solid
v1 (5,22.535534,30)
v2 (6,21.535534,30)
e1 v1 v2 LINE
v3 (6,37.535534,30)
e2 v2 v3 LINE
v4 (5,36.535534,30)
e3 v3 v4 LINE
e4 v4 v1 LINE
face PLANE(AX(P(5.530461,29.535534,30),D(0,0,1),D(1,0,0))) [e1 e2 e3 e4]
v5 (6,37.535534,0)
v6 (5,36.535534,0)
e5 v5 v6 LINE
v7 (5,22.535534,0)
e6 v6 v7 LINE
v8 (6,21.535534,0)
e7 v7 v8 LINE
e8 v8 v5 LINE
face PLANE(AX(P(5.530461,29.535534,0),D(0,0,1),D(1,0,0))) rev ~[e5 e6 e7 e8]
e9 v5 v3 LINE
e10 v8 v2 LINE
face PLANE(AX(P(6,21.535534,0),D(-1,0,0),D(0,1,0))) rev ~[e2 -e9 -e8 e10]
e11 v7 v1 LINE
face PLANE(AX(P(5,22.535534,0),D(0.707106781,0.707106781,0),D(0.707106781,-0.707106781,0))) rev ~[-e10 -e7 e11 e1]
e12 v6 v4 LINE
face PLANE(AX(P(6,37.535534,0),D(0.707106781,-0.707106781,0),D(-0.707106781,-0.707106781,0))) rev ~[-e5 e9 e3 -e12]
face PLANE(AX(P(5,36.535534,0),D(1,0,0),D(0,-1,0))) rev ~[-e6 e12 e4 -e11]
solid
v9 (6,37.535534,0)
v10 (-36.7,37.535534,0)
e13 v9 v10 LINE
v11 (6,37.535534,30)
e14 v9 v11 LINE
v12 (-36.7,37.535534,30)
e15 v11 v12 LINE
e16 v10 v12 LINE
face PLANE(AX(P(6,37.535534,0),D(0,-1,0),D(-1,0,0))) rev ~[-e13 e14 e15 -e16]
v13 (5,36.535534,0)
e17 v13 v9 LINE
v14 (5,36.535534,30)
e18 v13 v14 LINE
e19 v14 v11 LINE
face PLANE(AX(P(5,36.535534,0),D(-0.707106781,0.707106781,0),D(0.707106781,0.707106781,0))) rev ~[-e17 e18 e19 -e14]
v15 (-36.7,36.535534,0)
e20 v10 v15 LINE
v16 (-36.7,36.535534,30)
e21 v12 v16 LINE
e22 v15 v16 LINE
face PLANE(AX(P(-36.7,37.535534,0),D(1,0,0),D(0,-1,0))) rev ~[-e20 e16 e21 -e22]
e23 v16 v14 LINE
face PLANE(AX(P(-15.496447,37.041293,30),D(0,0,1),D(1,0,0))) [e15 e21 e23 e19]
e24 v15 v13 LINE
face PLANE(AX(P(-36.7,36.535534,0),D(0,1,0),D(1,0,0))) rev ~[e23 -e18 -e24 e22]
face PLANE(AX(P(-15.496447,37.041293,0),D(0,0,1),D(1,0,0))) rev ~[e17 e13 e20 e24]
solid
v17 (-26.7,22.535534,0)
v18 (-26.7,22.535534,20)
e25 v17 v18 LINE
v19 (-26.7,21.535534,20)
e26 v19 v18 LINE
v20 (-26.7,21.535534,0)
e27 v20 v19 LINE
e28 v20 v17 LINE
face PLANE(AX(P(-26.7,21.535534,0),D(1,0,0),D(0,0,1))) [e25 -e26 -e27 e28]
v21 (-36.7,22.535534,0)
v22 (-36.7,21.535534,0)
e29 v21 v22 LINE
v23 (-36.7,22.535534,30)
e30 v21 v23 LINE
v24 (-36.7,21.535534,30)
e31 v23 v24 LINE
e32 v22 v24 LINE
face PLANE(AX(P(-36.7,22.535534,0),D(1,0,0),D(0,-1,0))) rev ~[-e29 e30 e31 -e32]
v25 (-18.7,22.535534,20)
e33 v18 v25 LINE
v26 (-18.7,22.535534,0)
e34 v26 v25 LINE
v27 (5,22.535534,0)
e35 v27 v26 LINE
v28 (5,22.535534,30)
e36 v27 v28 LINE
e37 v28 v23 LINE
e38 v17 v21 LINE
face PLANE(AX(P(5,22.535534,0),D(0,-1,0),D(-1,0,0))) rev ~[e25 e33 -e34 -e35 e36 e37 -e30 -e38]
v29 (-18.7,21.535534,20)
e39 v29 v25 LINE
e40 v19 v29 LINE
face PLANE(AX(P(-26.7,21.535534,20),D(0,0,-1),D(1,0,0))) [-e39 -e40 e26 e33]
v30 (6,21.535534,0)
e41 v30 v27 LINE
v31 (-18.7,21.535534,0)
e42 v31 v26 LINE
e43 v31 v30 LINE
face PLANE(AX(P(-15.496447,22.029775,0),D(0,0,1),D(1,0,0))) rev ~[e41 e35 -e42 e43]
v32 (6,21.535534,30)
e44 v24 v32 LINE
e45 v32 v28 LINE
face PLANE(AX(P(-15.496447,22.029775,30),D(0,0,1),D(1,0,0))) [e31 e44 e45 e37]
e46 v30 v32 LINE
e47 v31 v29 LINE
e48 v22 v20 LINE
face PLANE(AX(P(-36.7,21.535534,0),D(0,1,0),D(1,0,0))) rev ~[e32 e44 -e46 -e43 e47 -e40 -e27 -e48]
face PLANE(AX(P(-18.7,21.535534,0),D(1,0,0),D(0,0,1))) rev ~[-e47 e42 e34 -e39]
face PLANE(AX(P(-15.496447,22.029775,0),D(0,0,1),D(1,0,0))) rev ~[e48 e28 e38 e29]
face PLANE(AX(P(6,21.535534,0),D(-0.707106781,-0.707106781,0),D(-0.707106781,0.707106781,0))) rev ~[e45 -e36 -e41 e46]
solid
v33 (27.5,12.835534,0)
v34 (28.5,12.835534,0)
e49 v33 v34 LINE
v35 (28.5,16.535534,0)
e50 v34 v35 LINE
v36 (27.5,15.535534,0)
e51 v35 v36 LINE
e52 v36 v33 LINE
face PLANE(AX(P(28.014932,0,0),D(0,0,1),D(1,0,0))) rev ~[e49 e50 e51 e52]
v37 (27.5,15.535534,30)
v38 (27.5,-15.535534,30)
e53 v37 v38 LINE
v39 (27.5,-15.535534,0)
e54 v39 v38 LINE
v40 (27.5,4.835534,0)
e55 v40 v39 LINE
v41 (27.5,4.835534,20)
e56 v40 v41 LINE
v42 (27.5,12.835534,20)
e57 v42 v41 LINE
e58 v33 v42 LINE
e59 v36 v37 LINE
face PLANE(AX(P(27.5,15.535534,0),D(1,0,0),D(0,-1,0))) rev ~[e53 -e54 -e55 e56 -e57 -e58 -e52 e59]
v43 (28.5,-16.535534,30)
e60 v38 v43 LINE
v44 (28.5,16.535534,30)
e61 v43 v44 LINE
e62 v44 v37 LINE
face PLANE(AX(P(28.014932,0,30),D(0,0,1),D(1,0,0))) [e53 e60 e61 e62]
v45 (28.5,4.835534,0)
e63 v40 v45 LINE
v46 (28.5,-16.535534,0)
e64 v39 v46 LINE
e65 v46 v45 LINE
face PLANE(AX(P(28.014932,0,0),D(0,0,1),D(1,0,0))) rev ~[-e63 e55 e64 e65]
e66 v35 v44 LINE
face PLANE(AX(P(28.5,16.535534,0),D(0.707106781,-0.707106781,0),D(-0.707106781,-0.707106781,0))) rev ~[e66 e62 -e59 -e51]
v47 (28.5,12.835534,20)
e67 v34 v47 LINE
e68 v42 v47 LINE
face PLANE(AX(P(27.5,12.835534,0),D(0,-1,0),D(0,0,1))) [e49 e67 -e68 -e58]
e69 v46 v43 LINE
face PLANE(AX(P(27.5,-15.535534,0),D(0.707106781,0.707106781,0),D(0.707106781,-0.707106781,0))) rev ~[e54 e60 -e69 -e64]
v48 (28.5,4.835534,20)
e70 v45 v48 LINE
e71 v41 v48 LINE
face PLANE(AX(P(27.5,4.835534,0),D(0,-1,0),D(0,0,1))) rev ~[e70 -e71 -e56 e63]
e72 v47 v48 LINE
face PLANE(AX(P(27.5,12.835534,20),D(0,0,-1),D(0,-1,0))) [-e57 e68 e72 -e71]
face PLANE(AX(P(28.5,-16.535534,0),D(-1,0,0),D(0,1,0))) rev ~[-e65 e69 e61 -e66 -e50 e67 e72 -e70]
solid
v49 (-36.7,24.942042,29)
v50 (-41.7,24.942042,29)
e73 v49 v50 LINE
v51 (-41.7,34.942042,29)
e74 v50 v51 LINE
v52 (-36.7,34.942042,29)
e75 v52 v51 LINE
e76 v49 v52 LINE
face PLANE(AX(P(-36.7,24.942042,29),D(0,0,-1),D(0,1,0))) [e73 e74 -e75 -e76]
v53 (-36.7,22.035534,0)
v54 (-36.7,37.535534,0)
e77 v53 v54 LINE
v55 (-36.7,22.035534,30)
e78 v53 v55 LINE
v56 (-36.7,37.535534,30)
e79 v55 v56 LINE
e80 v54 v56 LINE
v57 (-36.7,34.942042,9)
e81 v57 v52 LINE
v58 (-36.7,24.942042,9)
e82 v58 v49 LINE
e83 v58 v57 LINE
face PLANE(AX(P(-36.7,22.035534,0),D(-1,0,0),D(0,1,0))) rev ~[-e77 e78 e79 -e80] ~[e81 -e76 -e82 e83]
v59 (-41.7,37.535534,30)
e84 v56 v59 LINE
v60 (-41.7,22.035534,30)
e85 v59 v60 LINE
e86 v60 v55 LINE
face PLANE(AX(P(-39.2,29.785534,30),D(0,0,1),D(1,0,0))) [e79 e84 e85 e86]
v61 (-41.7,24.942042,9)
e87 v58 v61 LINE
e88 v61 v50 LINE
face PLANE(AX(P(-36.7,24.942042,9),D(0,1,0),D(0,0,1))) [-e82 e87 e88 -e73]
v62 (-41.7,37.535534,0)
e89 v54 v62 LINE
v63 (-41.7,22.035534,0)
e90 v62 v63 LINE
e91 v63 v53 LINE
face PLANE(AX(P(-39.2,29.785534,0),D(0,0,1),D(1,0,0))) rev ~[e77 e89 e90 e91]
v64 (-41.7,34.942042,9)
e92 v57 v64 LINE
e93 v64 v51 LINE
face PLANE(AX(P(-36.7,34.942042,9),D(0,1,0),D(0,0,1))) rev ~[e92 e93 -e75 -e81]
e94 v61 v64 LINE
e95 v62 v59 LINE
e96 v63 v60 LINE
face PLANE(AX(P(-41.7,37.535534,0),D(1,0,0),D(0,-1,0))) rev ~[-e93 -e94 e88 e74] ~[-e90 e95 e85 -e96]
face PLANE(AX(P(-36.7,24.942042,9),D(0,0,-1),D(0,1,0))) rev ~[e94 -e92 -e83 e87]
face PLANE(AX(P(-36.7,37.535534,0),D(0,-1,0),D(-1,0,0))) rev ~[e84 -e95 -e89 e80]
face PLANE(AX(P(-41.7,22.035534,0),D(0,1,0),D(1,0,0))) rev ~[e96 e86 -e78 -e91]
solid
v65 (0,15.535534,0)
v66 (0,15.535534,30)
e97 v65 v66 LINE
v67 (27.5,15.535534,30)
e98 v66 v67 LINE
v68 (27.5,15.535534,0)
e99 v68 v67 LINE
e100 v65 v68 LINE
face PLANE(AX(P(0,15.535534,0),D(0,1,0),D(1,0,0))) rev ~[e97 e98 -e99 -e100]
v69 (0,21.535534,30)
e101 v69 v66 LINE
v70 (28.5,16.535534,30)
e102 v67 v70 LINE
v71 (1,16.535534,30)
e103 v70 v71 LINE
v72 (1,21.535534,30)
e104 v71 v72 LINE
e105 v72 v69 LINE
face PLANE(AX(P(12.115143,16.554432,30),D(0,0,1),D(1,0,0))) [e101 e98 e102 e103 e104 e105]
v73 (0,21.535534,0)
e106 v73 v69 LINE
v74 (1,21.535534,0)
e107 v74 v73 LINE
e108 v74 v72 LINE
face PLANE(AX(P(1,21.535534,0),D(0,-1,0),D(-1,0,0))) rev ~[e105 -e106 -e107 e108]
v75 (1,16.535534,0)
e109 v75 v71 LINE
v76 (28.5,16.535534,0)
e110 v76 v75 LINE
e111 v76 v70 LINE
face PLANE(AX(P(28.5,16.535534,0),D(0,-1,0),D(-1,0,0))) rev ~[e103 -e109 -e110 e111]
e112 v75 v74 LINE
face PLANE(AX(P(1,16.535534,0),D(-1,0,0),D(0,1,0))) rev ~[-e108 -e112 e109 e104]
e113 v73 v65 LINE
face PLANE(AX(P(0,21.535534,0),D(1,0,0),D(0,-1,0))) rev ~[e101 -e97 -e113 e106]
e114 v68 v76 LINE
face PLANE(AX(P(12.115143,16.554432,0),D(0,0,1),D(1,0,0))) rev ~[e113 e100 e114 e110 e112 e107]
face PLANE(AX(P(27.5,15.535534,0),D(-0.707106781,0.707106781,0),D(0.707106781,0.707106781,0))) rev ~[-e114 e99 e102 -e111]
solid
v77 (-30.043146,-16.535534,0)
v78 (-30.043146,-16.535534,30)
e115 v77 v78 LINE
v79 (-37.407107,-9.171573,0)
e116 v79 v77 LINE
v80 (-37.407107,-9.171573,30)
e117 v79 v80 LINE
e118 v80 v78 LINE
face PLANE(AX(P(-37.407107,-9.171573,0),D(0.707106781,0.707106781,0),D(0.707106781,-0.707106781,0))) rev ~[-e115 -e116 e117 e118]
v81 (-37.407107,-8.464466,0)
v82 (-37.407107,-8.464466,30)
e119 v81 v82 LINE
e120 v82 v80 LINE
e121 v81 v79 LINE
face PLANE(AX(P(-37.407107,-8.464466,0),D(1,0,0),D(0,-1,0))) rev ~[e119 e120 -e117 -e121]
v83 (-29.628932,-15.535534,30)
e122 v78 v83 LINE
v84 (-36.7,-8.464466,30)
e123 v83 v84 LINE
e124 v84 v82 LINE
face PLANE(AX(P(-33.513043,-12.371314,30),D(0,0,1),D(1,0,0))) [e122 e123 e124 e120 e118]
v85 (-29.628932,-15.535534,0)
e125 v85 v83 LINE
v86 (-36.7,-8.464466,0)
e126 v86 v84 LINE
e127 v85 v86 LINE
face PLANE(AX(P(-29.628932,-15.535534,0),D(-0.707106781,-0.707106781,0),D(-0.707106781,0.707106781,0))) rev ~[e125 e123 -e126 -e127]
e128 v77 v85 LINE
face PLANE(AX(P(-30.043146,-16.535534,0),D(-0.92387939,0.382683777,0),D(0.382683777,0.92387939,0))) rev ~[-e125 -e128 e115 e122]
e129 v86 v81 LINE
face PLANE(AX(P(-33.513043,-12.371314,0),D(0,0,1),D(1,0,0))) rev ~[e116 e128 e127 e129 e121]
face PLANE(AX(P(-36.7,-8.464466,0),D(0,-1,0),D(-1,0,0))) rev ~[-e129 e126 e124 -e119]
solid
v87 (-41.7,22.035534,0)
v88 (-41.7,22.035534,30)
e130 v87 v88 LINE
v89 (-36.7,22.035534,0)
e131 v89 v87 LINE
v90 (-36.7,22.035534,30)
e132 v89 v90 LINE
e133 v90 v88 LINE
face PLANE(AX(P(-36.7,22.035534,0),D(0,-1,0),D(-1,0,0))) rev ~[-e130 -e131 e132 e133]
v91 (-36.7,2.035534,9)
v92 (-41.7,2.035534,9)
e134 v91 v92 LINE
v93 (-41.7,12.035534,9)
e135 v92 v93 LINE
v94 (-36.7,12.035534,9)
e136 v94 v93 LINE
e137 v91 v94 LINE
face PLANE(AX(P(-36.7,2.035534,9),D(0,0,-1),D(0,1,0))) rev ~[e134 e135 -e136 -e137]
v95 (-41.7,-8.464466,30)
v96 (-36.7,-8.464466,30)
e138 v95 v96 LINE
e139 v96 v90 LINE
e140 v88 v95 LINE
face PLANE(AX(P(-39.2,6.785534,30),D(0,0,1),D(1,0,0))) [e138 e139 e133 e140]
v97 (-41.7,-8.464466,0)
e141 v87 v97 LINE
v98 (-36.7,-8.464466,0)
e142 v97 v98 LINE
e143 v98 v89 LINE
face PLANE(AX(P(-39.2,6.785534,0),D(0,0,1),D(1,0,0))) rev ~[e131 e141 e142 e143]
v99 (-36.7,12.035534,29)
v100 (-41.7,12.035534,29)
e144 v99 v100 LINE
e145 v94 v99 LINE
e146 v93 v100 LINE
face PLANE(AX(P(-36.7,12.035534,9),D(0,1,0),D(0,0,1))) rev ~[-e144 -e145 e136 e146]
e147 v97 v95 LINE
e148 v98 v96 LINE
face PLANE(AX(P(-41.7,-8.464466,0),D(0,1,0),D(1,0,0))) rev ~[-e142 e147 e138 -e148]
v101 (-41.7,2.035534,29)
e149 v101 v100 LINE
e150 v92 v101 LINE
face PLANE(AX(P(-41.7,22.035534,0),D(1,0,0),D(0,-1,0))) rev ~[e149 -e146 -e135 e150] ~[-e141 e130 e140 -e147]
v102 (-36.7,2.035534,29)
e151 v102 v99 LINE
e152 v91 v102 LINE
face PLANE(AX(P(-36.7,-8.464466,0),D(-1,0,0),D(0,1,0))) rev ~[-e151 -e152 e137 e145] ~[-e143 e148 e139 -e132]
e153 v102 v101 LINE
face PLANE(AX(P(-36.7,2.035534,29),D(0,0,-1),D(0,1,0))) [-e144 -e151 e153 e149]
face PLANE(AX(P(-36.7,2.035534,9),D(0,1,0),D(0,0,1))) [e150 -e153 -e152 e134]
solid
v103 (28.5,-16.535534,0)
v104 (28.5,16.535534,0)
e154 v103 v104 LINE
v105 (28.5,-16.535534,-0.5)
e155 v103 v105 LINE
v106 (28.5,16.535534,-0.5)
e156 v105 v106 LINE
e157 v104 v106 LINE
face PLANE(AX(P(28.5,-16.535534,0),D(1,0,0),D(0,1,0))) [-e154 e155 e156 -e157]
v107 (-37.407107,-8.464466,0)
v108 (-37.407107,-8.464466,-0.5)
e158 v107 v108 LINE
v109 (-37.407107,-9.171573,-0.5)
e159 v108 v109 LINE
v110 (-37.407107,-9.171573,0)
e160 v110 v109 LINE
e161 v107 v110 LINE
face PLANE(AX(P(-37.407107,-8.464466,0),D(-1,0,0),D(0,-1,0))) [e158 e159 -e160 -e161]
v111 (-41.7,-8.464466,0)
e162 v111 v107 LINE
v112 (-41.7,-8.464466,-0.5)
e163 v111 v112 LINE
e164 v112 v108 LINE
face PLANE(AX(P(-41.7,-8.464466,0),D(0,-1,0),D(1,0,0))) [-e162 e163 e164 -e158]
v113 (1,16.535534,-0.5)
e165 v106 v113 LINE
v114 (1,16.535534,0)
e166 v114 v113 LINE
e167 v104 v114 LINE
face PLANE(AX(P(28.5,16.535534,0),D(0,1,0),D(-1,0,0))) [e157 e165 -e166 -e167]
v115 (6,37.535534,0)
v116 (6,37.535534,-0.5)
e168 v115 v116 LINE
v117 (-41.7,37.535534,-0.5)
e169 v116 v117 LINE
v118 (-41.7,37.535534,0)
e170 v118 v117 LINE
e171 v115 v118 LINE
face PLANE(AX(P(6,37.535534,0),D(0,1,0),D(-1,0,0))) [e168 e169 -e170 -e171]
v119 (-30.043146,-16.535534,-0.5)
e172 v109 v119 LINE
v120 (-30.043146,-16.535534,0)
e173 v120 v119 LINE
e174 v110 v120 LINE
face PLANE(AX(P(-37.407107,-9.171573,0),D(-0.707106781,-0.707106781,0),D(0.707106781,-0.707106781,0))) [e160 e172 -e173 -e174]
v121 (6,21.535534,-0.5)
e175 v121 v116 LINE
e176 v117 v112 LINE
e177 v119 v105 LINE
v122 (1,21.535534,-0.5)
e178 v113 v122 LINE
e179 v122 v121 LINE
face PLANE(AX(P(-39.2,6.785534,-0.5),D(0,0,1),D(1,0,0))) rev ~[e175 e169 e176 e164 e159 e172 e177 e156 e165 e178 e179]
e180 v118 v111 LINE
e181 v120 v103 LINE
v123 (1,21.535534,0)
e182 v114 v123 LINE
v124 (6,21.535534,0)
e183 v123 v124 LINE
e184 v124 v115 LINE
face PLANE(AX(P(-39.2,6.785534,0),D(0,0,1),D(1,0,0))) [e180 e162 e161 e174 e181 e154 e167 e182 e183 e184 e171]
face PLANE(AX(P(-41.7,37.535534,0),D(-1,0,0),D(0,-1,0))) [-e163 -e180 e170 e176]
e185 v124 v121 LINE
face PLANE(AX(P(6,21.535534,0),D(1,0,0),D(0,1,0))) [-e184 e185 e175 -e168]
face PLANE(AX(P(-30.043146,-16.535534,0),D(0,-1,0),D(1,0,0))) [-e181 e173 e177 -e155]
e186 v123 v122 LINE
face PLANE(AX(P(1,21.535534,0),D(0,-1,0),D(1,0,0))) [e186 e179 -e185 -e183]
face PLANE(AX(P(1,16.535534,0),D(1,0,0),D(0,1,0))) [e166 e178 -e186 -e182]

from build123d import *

# Parameters (mm, degrees)
F0_W      = 41.7
F0_H      = 14
F1_DEPTH  = 0.5
F2_DEPTH  = 30
F3_W      = 10
F3_H      = 20
F4_DEPTH  = 5
F5_DEPTH  = 30
F6_W      = 10
F6_H      = 20
F7_DEPTH  = 5
F8_DEPTH  = 30
F9_DEPTH  = 30
F10_DEPTH = 30
F11_W     = 8
F11_H     = 20
F12_DEPTH = 1
F13_DEPTH = 30
F14_DEPTH = 30
F16_DEPTH = 30
F15_W     = 8
F15_H     = 20
F17_DEPTH = 1


with BuildPart() as f1:
    # F0 (on Top) → F1 (new body)
    with BuildSketch(Plane.XY):
        Polygon((-37.407107, -8.464466), (-36.7, -8.464466), (-36.7, 21.535534), (-36.7, 22.035534), (-41.7, 22.035534), (-41.7, -8.464466), align=None)
        Polygon((-29.628932, -15.535534), (-36.7, -8.464466), (-37.407107, -8.464466), (-37.407107, -9.171573), (-30.043146, -16.535534), align=None)
        Polygon((-36.7, 22.035534), (-36.7, 21.535534), (0, 21.535534), (1, 21.535534), (5, 21.535534), (6, 21.535534), (5, 22.535534), (-36.7, 22.535534), align=None)
        Polygon((0, -15.535534), (-29.628932, -15.535534), (-30.043146, -16.535534), (0, -16.535534), align=None)
        Polygon((1, 21.535534), (0, 21.535534), (0, 15.535534), (27.5, 15.535534), (28.5, 16.535534), (1, 16.535534), align=None)
        Polygon((-41.7, 22.035534), (-36.7, 22.035534), (-36.7, 22.535534), (-36.7, 36.535534), (-36.7, 37.535534), (-41.7, 37.535534), align=None)
        Polygon((27.5, -15.535534), (0, -15.535534), (0, -16.535534), (28.5, -16.535534), align=None)
        Polygon((27.5, 15.535534), (27.5, -15.535534), (28.5, -16.535534), (28.5, 16.535534), align=None)
        Polygon((-36.7, 37.535534), (-36.7, 36.535534), (5, 36.535534), (6, 37.535534), align=None)
        Polygon((5, 36.535534), (5, 22.535534), (6, 21.535534), (6, 37.535534), align=None)
        Polygon((-36.7, 21.535534), (-36.7, -8.464466), (-29.628932, -15.535534), (0, -15.535534), (27.5, -15.535534), (27.5, 15.535534), (0, 15.535534), (0, 21.535534), align=None)
        with Locations((-15.85, 29.535534)):
            Rectangle(F0_W, F0_H)
    extrude(amount=-F1_DEPTH)


with BuildPart() as f2:
    # F0 (on Top) → F2 (new body)
    with BuildSketch(Plane.XY):
        Polygon((-37.407107, -8.464466), (-36.7, -8.464466), (-36.7, 21.535534), (-36.7, 22.035534), (-41.7, 22.035534), (-41.7, -8.464466), align=None)
    extrude(amount=F2_DEPTH)

    # F3 (on face) → F4 (cut, through all)
    with BuildSketch(Plane.YZ.offset(-36.7)):
        with Locations((7.035534, 19)):
            Rectangle(F3_W, F3_H)
    extrude(amount=-F4_DEPTH, mode=Mode.SUBTRACT)


with BuildPart() as f5:
    # F0 (on Top) → F5 (new body)
    with BuildSketch(Plane.XY):
        Polygon((-41.7, 22.035534), (-36.7, 22.035534), (-36.7, 22.535534), (-36.7, 36.535534), (-36.7, 37.535534), (-41.7, 37.535534), align=None)
    extrude(amount=F5_DEPTH)

    # F6 (on face) → F7 (cut, through all)
    with BuildSketch(Plane.YZ.offset(-36.7)):
        with Locations((29.942042, 19)):
            Rectangle(F6_W, F6_H)
    extrude(amount=-F7_DEPTH, mode=Mode.SUBTRACT)


with BuildPart() as f8:
    # F0 (on Top) → F8 (new body)
    with BuildSketch(Plane.XY):
        Polygon((-36.7, 37.535534), (-36.7, 36.535534), (5, 36.535534), (6, 37.535534), align=None)
    extrude(amount=F8_DEPTH)


with BuildPart() as f9:
    # F0 (on Top) → F9 (new body)
    with BuildSketch(Plane.XY):
        Polygon((5, 36.535534), (5, 22.535534), (6, 21.535534), (6, 37.535534), align=None)
    extrude(amount=F9_DEPTH)


with BuildPart() as f10:
    # F0 (on Top) → F10 (new body)
    with BuildSketch(Plane.XY):
        Polygon((-36.7, 22.035534), (-36.7, 21.535534), (0, 21.535534), (1, 21.535534), (5, 21.535534), (6, 21.535534), (5, 22.535534), (-36.7, 22.535534), align=None)
    extrude(amount=F10_DEPTH)

    # F11 (on face) → F12 (cut, through all)
    with BuildSketch(Plane.XZ.offset(-21.535534)):
        with Locations((-22.7, 10)):
            Rectangle(F11_W, F11_H)
    extrude(amount=-F12_DEPTH, mode=Mode.SUBTRACT)


with BuildPart() as f13:
    # F0 (on Top) → F13 (new body)
    with BuildSketch(Plane.XY):
        Polygon((1, 21.535534), (0, 21.535534), (0, 15.535534), (27.5, 15.535534), (28.5, 16.535534), (1, 16.535534), align=None)
    extrude(amount=F13_DEPTH)


with BuildPart() as f14:
    # F0 (on Top) → F14 (new body)
    with BuildSketch(Plane.XY):
        Polygon((27.5, 15.535534), (27.5, -15.535534), (28.5, -16.535534), (28.5, 16.535534), align=None)
    extrude(amount=F14_DEPTH)

    # F15 (on face) → F17 (cut, through all)
    with BuildSketch(Plane(origin=(27.5, 0, 0), x_dir=(0, -1, 0), z_dir=(-1, 0, 0))):
        with Locations((-8.835534, 10)):
            Rectangle(F15_W, F15_H)
    extrude(amount=-F17_DEPTH, mode=Mode.SUBTRACT)


with BuildPart() as f16:
    # F0 (on Top) → F16 (new body)
    with BuildSketch(Plane.XY):
        Polygon((-29.628932, -15.535534), (-36.7, -8.464466), (-37.407107, -8.464466), (-37.407107, -9.171573), (-30.043146, -16.535534), align=None)
    extrude(amount=F16_DEPTH)


solid = Compound([f1.part, f2.part, f5.part, f8.part, f9.part, f10.part, f13.part, f14.part, f16.part])
